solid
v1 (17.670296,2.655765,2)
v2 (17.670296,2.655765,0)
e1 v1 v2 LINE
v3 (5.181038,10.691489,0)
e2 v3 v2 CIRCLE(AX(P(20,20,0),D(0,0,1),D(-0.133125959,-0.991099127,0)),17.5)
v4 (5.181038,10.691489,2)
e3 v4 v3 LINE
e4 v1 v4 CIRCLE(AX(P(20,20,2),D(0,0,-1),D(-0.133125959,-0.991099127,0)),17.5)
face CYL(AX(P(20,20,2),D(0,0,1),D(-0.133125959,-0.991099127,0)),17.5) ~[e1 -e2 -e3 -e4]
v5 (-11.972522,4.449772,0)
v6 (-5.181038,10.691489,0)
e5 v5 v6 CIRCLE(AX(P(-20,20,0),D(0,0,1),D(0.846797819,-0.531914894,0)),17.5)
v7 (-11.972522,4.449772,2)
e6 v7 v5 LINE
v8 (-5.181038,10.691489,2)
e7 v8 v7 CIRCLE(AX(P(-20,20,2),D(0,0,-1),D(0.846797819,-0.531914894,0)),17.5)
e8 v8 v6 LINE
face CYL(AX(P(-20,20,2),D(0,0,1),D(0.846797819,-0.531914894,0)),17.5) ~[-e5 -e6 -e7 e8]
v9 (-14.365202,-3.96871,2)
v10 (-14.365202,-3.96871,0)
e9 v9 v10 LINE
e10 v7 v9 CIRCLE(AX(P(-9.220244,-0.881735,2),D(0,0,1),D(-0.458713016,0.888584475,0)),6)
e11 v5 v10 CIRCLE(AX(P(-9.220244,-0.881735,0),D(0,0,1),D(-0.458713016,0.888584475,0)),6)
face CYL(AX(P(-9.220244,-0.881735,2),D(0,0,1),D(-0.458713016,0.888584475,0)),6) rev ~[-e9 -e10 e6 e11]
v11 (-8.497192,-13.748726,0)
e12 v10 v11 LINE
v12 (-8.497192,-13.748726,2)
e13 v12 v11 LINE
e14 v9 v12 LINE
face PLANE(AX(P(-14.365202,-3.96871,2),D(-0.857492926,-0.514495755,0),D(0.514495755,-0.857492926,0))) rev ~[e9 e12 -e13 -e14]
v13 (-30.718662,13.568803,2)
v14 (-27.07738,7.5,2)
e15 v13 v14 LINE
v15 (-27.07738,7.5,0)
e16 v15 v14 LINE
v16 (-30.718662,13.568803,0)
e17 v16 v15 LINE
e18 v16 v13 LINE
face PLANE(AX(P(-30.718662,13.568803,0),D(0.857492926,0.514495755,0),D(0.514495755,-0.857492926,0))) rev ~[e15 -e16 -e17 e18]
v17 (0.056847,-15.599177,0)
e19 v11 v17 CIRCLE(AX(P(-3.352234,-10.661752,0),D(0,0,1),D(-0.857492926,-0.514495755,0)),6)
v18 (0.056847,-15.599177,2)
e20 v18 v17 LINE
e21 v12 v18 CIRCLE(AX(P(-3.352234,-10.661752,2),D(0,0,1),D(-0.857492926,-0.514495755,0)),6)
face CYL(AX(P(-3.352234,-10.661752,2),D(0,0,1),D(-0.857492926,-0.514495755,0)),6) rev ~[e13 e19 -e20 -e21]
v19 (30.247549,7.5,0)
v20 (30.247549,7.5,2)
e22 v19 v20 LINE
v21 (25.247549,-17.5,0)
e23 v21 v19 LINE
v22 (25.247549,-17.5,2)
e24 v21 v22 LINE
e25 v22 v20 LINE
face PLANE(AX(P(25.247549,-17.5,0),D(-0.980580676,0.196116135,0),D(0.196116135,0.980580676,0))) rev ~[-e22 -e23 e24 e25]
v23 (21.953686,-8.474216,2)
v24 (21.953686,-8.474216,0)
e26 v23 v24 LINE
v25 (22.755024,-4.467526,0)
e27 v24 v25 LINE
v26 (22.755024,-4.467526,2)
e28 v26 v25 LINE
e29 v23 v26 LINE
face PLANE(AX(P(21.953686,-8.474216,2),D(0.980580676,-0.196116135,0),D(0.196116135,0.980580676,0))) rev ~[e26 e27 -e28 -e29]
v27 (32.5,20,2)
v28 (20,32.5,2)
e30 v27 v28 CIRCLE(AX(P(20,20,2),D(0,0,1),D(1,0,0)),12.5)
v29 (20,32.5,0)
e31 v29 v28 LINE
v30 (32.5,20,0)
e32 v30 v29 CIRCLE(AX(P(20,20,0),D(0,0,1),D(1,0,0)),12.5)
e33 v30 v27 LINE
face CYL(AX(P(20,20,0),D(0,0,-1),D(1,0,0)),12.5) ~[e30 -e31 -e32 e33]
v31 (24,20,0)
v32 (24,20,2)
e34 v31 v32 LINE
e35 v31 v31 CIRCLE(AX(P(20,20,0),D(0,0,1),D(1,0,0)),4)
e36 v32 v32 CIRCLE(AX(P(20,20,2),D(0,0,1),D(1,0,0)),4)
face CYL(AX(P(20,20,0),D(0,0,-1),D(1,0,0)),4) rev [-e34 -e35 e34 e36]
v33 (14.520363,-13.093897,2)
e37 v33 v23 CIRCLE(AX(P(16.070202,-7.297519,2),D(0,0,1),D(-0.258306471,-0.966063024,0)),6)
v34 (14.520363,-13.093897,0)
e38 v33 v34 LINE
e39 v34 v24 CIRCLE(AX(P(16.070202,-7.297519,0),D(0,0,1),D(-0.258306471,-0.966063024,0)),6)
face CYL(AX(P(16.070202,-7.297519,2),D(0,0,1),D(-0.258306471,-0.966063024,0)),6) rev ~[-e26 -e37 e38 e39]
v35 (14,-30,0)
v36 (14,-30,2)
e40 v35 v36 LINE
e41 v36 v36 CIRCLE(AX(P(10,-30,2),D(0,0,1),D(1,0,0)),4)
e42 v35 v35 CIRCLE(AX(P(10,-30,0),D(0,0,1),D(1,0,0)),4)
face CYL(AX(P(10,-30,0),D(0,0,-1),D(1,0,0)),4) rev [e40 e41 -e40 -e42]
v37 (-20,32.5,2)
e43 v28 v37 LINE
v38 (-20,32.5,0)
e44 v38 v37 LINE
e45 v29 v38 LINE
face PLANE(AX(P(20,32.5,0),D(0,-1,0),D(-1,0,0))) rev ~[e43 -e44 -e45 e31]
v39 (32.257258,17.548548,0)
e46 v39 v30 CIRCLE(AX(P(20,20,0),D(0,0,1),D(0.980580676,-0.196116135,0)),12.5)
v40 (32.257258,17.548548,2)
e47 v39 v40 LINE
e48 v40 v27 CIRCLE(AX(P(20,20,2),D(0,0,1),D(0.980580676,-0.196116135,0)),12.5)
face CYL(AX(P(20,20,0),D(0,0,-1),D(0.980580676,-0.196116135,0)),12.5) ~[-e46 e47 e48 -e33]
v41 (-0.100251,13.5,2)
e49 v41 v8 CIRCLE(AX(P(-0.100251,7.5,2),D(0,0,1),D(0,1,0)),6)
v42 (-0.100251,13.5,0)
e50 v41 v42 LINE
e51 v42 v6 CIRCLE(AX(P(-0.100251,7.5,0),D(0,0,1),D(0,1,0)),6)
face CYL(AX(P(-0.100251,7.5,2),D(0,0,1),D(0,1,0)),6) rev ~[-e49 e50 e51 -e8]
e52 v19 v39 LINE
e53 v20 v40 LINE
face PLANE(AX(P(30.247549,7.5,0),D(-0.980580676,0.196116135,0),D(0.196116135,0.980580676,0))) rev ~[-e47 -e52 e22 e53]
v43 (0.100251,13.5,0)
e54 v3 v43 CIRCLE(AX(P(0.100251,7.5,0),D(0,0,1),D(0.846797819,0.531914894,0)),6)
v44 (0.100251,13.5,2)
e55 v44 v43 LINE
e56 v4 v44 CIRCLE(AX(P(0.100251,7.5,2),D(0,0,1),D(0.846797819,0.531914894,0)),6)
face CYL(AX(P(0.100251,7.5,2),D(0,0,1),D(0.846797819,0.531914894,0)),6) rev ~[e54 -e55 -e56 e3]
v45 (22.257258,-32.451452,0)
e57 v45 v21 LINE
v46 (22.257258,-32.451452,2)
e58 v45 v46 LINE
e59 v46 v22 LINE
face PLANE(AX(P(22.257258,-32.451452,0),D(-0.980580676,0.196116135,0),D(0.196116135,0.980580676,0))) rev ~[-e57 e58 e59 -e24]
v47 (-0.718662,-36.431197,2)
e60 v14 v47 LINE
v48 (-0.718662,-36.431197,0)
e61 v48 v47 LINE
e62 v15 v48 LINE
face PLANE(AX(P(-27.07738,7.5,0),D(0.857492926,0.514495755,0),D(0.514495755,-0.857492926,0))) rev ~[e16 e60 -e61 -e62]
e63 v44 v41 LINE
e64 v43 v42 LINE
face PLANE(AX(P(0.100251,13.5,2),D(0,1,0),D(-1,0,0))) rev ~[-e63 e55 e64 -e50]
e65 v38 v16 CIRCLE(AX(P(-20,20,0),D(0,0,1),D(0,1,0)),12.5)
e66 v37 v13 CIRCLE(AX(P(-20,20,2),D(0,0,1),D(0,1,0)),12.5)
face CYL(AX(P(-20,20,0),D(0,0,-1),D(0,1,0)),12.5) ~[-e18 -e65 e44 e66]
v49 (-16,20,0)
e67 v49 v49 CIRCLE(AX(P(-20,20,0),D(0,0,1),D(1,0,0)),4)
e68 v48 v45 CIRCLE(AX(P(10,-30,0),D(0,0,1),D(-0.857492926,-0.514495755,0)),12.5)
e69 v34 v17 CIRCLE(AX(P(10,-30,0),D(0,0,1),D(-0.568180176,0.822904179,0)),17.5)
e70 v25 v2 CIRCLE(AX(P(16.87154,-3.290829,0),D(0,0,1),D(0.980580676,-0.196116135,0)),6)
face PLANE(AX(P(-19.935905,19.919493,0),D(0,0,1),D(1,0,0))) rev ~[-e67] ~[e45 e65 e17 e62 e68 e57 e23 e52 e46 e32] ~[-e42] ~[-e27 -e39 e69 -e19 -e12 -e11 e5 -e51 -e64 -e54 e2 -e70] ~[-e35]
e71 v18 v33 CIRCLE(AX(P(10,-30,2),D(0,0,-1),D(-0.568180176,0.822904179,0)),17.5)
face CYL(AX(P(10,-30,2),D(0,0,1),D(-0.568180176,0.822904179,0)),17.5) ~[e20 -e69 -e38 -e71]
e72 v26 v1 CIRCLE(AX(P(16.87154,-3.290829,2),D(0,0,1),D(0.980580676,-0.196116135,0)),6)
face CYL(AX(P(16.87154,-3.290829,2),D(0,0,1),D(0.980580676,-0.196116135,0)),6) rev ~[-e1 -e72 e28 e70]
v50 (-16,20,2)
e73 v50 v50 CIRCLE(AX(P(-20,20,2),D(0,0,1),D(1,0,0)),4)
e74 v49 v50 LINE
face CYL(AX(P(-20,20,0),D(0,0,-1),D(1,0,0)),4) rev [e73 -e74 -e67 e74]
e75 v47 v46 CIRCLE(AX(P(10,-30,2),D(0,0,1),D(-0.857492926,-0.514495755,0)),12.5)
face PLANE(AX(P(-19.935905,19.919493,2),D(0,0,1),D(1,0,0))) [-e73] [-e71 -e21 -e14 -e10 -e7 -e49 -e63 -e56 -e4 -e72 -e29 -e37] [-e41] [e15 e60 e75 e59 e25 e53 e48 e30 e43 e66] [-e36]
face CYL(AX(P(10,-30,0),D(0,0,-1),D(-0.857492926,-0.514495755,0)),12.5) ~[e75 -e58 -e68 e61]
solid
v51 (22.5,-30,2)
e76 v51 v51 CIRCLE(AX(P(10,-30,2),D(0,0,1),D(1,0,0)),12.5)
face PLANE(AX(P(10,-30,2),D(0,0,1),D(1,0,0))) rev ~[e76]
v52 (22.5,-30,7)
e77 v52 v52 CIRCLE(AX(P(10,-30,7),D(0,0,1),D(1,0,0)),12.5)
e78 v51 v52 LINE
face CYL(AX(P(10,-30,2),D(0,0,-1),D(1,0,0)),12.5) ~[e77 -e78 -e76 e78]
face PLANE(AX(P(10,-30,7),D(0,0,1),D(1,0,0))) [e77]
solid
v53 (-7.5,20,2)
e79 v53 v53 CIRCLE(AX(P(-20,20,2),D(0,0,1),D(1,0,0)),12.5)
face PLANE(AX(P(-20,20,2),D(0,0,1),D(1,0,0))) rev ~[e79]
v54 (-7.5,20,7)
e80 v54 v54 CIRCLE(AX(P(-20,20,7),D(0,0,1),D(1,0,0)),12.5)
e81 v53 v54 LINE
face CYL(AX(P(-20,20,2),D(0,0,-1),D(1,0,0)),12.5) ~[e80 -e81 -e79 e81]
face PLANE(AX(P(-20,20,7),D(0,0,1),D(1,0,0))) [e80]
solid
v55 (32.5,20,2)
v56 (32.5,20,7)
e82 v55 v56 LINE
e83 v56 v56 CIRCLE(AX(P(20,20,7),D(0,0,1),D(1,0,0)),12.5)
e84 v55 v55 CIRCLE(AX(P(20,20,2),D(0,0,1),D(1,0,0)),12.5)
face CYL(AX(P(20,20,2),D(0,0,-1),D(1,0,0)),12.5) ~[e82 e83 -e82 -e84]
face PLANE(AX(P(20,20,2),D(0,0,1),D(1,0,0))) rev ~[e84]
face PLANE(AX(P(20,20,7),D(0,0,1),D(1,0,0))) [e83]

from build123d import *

# Parameters (mm, degrees)
F0_R     = 4
F1_DEPTH = 2
F2_R     = 12.5
F3_DEPTH = 5
F5_DEPTH = 25


with BuildPart() as f1:
    # F0 (on Top) → F1 (new body)
    with BuildSketch(Plane.XY):
        with BuildLine():
            ThreePointArc((-20, 7.5), (-11.1611652352, 11.1611652352), (-7.5, 20))
            ThreePointArc((-7.5, 20), (-11.1611652352, 28.8388347648), (-20, 32.5))
            ThreePointArc((-20, 32.5), (-30.8774988344, 26.1587351873), (-30.7186615714, 13.5688030572))
            ThreePointArc((-30.7186615714, 13.5688030572), (-26.1587351873, 9.1225011656), (-20, 7.5))
        make_face()
        with Locations((-20, 20)):
            Circle(F0_R, mode=Mode.SUBTRACT)
        with BuildLine():
            ThreePointArc((32.5, 20), (28.8388347648, 28.8388347648), (20, 32.5))
            ThreePointArc((20, 32.5), (7.5, 20), (20, 7.5))
            ThreePointArc((20, 7.5), (27.9248613201, 10.3332232333), (32.2572584461, 17.5485483108))
            ThreePointArc((32.2572584461, 17.5485483108), (32.4391665834, 18.7682797754), (32.5, 20))
        make_face()
        with Locations((20, 20)):
            Circle(F0_R, mode=Mode.SUBTRACT)
        with BuildLine():
            ThreePointArc((-20, 32.5), (-11.1611652352, 28.8388347648), (-7.5, 20))
            ThreePointArc((-7.5, 20), (-11.1611652352, 11.1611652352), (-20, 7.5))
            Line((-20, 7.5), (20, 7.5))
            ThreePointArc((20, 7.5), (7.5, 20), (20, 32.5))
            Line((20, 32.5), (-20, 32.5))
        make_face()
        with BuildLine():
            ThreePointArc((32.2572584461, 17.5485483108), (27.9248613201, 10.3332232333), (20, 7.5))
            Line((20, 7.5), (30.247548784, 7.5))
            Line((30.247548784, 7.5), (32.2572584461, 17.5485483108))
        make_face()
        with BuildLine():
            Line((-27.0773797371, 7.5), (-20, 7.5))
            ThreePointArc((-20, 7.5), (-26.1587351873, 9.1225011656), (-30.7186615714, 13.5688030572))
            Line((-30.7186615714, 13.5688030572), (-27.0773797371, 7.5))
        make_face()
        Polygon((20, 7.5), (-20, 7.5), (-27.0773797371, 7.5), (-12.0773797371, -17.5), (9.9999999816, -17.5), (25.247548784, -17.5), (30.247548784, 7.5), align=None)
        with BuildLine():
            Line((-10.9942431227, -9.5869745326), (-13.702940576, -5.0724787771))
            ThreePointArc((-13.702940576, -5.0724787771), (-13.7664754812, -0.0365059251), (-9.4154759474, 2.5))
            Line((-9.4154759474, 2.5), (18.0495097568, 2.5))
            ThreePointArc((18.0495097568, 2.5), (21.9162204635, 0.669944528), (22.9524131353, -3.4805806757))
            Line((22.9524131353, -3.4805806757), (22.1131899082, -7.6766968108))
            ThreePointArc((22.1131899082, -7.6766968108), (20.0336392877, -11.140052848), (16.2297058541, -12.5))
            Line((16.2297058541, -12.5), (-5.8492855685, -12.5))
            ThreePointArc((-5.8492855685, -12.5), (-8.8054784584, -11.7211994405), (-10.9942431227, -9.5869745326))
        make_face(mode=Mode.SUBTRACT)
        with BuildLine():
            Line((25.247548784, -17.5), (9.9999999816, -17.5))
            ThreePointArc((9.9999999816, -17.5), (18.8388347583, -21.1611652286), (22.5, -30))
            ThreePointArc((22.5, -30), (22.4391665834, -31.2317202246), (22.2572584461, -32.4514516892))
            Line((22.2572584461, -32.4514516892), (25.247548784, -17.5))
        make_face()
        with BuildLine():
            Line((9.9999999816, -17.5), (-12.0773797371, -17.5))
            Line((-12.0773797371, -17.5), (-0.7186615714, -36.4311969428))
            ThreePointArc((-0.7186615714, -36.4311969428), (-0.877498839, -23.8412648207), (9.9999999816, -17.5))
        make_face()
        with BuildLine():
            ThreePointArc((9.9999999816, -17.5), (-0.877498839, -23.8412648207), (-0.7186615714, -36.4311969428))
            ThreePointArc((-0.7186615714, -36.4311969428), (12.1334041241, -42.3165980223), (22.2572584461, -32.4514516892))
            ThreePointArc((22.2572584461, -32.4514516892), (22.4391665834, -31.2317202246), (22.5, -30))
            ThreePointArc((22.5, -30), (18.8388347583, -21.1611652286), (9.9999999816, -17.5))
        make_face()
        with Locations((10, -30)):
            Circle(F0_R, mode=Mode.SUBTRACT)
        with BuildLine():
            ThreePointArc((-9.4154759474, 2.5), (-13.7664754812, -0.0365059251), (-13.702940576, -5.0724787771))
            Line((-13.702940576, -5.0724787771), (-10.9942431227, -9.5869745326))
            ThreePointArc((-10.9942431227, -9.5869745326), (-8.8054784584, -11.7211994405), (-5.8492855685, -12.5))
            Line((-5.8492855685, -12.5), (16.2297058541, -12.5))
            ThreePointArc((16.2297058541, -12.5), (20.0336392877, -11.140052848), (22.1131899082, -7.6766968108))
            Line((22.1131899082, -7.6766968108), (22.9524131353, -3.4805806757))
            ThreePointArc((22.9524131353, -3.4805806757), (21.9162204635, 0.669944528), (18.0495097568, 2.5))
            Line((18.0495097568, 2.5), (-9.4154759474, 2.5))
        make_face()
    extrude(amount=F1_DEPTH)

    # F4 (on face) → F5 (cut)
    with BuildSketch(Plane.XY.offset(2)):
        with BuildLine():
            ThreePointArc((-5.1810381708, 10.6914893617), (-8.1581373683, 7.1151139155), (-11.9725222189, 4.4497716906))
            ThreePointArc((-11.9725222189, 4.4497716906), (-14.9916642184, 0.7586032448), (-14.3652016768, -3.9687096909))
            Line((-14.3652016768, -3.9687096909), (-8.4971916928, -13.7487263309))
            ThreePointArc((-8.4971916928, -13.7487263309), (-4.620839122, -16.5261052491), (0.0568469181, -15.5991768711))
            ThreePointArc((0.0568469181, -15.5991768711), (7.0132343369, -12.7567627496), (14.5203632426, -13.0938970737))
            ThreePointArc((14.5203632426, -13.0938970737), (19.2372960285, -12.3935483475), (21.9536861227, -8.4742157383))
            Line((21.9536861227, -8.4742157383), (22.7550240126, -4.4675262887))
            ThreePointArc((22.7550240126, -4.4675262887), (21.7550226215, 0.1950846175), (17.6702957138, 2.6557652824))
            ThreePointArc((17.6702957138, 2.6557652824), (10.5309766737, 5.2830846559), (5.1810381708, 10.6914893617))
            ThreePointArc((5.1810381708, 10.6914893617), (3.0029279389, 12.7511396939), (0.1002512579, 13.5))
            Line((0.1002512579, 13.5), (-0.1002512579, 13.5))
            ThreePointArc((-0.1002512579, 13.5), (-3.0029279389, 12.7511396939), (-5.1810381708, 10.6914893617))
        make_face()
    extrude(amount=-F5_DEPTH, mode=Mode.SUBTRACT)


with BuildPart() as f3:
    # F2 (on face) → F3 (new body)
    with BuildSketch(Plane.XY.offset(2)):
        with Locations((-20, 20)):
            Circle(F2_R)
    extrude(amount=F3_DEPTH)


with BuildPart() as f3b:
    # F2 (on face) → F3, piece 2 (new body)
    with BuildSketch(Plane.XY.offset(2)):
        with Locations((20, 20)):
            Circle(F2_R)
    extrude(amount=F3_DEPTH)


with BuildPart() as f3c:
    # F2 (on face) → F3, piece 3 (new body)
    with BuildSketch(Plane.XY.offset(2)):
        with Locations((10, -30)):
            Circle(F2_R)
    extrude(amount=F3_DEPTH)


solid = Compound([f1.part, f3.part, f3b.part, f3c.part])
